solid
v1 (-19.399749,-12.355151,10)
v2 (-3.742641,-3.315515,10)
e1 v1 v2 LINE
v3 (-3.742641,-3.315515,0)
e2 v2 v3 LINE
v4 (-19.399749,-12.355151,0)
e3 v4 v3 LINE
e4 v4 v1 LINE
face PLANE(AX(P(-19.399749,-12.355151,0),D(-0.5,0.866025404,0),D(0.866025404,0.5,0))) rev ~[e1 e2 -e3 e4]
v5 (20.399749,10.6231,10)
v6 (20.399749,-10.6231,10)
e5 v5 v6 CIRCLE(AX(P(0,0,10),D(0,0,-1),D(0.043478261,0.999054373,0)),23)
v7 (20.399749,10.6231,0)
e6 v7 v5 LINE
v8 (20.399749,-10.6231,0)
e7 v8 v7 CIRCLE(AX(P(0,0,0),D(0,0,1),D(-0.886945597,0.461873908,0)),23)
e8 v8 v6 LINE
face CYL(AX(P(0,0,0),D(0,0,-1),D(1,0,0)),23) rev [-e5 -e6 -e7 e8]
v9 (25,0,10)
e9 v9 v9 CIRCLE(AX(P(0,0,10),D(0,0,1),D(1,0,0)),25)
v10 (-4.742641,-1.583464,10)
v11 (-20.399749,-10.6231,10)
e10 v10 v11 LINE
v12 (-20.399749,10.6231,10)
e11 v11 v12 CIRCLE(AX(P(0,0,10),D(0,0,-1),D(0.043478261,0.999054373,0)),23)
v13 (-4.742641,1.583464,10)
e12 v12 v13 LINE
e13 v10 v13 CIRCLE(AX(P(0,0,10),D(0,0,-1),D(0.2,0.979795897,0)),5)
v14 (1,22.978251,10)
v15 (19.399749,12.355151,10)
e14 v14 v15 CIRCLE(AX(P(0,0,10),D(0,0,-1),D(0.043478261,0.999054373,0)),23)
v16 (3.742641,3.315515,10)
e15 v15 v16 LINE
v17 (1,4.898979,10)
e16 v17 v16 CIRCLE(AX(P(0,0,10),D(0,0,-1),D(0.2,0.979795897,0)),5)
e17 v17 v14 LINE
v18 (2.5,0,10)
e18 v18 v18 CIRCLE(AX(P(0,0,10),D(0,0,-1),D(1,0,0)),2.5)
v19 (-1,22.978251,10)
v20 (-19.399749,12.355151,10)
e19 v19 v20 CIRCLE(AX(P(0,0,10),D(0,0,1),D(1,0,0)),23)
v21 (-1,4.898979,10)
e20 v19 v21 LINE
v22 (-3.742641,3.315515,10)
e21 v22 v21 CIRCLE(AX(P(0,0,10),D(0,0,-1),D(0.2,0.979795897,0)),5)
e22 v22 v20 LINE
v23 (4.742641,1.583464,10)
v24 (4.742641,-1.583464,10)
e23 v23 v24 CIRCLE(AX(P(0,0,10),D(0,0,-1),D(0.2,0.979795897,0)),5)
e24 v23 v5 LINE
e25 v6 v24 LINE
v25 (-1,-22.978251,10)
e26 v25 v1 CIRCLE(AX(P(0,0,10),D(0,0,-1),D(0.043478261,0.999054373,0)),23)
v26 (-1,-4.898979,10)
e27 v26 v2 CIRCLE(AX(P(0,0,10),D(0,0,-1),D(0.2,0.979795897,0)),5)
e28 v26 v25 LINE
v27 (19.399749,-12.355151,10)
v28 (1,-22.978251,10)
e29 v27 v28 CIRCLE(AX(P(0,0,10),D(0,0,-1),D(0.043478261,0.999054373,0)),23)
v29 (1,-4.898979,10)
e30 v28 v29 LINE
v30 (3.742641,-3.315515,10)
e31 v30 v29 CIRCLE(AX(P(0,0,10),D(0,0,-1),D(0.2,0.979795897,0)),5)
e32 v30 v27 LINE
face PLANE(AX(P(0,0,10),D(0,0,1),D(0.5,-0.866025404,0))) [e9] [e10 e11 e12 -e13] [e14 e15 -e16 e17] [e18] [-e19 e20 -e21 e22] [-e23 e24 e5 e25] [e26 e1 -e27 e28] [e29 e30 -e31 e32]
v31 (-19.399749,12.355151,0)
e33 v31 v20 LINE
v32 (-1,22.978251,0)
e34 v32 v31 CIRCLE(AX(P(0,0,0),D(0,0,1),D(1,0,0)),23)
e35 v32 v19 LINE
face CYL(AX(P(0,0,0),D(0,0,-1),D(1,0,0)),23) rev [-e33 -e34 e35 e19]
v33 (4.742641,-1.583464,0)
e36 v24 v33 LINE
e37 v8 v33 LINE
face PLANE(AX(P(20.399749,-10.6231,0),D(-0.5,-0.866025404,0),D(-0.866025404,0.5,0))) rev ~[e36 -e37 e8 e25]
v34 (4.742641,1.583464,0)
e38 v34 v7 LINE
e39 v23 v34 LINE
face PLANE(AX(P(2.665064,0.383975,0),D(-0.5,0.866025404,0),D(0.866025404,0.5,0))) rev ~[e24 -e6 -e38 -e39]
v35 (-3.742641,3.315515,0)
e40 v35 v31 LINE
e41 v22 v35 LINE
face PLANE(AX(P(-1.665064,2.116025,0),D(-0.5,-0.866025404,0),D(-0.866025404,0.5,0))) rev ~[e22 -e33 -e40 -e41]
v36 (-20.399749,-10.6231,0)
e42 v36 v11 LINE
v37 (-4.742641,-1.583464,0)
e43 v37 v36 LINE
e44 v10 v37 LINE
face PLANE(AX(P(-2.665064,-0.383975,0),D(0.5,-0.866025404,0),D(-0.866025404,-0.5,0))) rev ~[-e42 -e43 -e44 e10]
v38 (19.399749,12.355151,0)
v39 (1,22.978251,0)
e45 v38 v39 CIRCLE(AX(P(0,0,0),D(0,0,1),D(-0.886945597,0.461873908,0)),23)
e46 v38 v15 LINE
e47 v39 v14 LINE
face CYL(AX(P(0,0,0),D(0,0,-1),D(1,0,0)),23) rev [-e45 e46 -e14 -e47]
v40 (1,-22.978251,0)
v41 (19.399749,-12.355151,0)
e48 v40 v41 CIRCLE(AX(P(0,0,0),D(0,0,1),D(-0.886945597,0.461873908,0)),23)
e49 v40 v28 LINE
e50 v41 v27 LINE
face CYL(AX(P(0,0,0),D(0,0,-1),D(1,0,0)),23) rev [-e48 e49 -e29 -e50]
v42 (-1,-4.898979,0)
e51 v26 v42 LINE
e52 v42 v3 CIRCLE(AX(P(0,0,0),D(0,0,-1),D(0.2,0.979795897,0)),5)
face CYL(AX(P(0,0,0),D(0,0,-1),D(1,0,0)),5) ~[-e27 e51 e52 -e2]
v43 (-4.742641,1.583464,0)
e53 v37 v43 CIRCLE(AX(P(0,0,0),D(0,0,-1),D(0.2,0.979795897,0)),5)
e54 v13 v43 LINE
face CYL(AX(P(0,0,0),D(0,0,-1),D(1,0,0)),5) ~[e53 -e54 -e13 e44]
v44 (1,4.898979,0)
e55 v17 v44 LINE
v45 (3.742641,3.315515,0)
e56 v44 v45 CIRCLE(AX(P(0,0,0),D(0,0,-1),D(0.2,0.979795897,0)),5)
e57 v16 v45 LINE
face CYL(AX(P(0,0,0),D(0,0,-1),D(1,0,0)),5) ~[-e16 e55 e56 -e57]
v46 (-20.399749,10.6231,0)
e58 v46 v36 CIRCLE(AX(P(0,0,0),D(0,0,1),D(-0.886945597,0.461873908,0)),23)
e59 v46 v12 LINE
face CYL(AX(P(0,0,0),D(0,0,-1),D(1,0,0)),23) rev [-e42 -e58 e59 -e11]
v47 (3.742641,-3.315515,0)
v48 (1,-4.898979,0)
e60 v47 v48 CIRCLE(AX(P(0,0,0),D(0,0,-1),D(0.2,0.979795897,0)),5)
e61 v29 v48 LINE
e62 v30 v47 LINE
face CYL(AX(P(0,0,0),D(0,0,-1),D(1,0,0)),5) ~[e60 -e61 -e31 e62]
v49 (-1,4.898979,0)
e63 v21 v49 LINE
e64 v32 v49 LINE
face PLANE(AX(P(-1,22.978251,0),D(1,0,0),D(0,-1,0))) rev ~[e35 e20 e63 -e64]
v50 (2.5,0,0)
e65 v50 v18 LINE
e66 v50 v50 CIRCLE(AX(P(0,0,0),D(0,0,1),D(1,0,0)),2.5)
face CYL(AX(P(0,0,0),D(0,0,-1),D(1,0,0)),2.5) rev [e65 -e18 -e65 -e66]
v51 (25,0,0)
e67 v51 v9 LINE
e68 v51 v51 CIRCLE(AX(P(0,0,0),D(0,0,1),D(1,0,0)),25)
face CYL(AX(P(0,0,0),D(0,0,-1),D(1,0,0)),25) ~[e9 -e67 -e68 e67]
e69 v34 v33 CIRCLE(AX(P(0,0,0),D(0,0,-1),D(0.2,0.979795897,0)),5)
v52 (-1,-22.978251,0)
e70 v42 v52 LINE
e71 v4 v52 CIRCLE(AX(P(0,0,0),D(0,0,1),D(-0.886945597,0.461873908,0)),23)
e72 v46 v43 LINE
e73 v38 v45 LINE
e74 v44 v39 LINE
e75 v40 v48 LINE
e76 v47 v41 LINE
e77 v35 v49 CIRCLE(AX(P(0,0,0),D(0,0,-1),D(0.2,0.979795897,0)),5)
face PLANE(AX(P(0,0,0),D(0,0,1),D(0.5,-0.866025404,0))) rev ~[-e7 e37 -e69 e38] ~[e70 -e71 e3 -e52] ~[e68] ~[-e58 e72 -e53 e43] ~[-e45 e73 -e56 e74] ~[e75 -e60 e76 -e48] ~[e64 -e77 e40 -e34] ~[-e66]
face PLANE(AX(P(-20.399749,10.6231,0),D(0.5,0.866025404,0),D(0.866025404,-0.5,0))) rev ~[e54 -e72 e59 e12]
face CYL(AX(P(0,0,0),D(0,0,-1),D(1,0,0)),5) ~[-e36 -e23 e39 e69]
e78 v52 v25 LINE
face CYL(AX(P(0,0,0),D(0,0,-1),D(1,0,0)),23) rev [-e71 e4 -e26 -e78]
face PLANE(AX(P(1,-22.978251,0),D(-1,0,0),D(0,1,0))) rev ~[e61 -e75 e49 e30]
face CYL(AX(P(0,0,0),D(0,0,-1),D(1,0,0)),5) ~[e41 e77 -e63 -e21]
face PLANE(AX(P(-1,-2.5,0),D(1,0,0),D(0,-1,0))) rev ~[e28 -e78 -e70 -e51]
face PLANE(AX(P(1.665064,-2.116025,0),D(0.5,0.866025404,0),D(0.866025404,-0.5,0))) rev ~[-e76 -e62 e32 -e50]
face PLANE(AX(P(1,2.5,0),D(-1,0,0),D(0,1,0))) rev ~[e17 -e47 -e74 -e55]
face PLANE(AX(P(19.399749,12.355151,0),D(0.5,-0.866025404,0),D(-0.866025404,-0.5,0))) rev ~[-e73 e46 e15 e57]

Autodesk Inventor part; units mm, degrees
ref_plane "YZ Plane" through (0, 0, 0) normal (1, 0, 0) x (0, 1, 0)
ref_plane "XZ Plane" through (0, 0, 0) normal (0, 1, 0) x (-1, 0, 0)
ref_plane "XY Plane" through (0, 0, 0) normal (0, 0, 1) x (1, 0, 0)
sketch "スケッチ1" plane through (0, 0, 0) normal (0, 0, 1) x (1, 0, 0)
  circle A0 centre (0, 0) radius 25
  circle A1 centre (0, 0) radius 23
  circle A2 centre (0, 0) radius 5
  circle A3 centre (0, 0) radius 2.5
  dimension "d0" = 50
  dimension "d1" = 2
  dimension "d2" = 10
  dimension "d3" = 5
extrude "押し出し1" add sketch "スケッチ1" along normal blind 10
sketch "スケッチ2" plane through (0, 0, 0) normal (0, 0, 1) x (1, 0, 0)
  line L0 (-1, 2.5) -> (1, 2.5)
  line L1 (1, 2.5) -> (1, 23)
  line L2 (1, 23) -> (-1, 23)
  line L3 (-1, 23) -> (-1, 2.5)
  circle A0 centre (0, 0) radius 23 projected
  circle A1 centre (0, 0) radius 2.5 projected
  point P0 (0, 2.5)
  point P1 (-1, 22.9783)
  point P2 (1, 22.9783)
  dimension "d6" = 2
extrude "押し出し2" add sketch "スケッチ2" along normal blind 10 contours L3 A0 L1 L0 picked at (-0.6667, 9.3261)
pattern_circular "円形状パターン1" count 6 over 360 about axis through (0, 0, -10) along (0, 0, 1) of "押し出し2"
properties part number "Wheel-D50"
